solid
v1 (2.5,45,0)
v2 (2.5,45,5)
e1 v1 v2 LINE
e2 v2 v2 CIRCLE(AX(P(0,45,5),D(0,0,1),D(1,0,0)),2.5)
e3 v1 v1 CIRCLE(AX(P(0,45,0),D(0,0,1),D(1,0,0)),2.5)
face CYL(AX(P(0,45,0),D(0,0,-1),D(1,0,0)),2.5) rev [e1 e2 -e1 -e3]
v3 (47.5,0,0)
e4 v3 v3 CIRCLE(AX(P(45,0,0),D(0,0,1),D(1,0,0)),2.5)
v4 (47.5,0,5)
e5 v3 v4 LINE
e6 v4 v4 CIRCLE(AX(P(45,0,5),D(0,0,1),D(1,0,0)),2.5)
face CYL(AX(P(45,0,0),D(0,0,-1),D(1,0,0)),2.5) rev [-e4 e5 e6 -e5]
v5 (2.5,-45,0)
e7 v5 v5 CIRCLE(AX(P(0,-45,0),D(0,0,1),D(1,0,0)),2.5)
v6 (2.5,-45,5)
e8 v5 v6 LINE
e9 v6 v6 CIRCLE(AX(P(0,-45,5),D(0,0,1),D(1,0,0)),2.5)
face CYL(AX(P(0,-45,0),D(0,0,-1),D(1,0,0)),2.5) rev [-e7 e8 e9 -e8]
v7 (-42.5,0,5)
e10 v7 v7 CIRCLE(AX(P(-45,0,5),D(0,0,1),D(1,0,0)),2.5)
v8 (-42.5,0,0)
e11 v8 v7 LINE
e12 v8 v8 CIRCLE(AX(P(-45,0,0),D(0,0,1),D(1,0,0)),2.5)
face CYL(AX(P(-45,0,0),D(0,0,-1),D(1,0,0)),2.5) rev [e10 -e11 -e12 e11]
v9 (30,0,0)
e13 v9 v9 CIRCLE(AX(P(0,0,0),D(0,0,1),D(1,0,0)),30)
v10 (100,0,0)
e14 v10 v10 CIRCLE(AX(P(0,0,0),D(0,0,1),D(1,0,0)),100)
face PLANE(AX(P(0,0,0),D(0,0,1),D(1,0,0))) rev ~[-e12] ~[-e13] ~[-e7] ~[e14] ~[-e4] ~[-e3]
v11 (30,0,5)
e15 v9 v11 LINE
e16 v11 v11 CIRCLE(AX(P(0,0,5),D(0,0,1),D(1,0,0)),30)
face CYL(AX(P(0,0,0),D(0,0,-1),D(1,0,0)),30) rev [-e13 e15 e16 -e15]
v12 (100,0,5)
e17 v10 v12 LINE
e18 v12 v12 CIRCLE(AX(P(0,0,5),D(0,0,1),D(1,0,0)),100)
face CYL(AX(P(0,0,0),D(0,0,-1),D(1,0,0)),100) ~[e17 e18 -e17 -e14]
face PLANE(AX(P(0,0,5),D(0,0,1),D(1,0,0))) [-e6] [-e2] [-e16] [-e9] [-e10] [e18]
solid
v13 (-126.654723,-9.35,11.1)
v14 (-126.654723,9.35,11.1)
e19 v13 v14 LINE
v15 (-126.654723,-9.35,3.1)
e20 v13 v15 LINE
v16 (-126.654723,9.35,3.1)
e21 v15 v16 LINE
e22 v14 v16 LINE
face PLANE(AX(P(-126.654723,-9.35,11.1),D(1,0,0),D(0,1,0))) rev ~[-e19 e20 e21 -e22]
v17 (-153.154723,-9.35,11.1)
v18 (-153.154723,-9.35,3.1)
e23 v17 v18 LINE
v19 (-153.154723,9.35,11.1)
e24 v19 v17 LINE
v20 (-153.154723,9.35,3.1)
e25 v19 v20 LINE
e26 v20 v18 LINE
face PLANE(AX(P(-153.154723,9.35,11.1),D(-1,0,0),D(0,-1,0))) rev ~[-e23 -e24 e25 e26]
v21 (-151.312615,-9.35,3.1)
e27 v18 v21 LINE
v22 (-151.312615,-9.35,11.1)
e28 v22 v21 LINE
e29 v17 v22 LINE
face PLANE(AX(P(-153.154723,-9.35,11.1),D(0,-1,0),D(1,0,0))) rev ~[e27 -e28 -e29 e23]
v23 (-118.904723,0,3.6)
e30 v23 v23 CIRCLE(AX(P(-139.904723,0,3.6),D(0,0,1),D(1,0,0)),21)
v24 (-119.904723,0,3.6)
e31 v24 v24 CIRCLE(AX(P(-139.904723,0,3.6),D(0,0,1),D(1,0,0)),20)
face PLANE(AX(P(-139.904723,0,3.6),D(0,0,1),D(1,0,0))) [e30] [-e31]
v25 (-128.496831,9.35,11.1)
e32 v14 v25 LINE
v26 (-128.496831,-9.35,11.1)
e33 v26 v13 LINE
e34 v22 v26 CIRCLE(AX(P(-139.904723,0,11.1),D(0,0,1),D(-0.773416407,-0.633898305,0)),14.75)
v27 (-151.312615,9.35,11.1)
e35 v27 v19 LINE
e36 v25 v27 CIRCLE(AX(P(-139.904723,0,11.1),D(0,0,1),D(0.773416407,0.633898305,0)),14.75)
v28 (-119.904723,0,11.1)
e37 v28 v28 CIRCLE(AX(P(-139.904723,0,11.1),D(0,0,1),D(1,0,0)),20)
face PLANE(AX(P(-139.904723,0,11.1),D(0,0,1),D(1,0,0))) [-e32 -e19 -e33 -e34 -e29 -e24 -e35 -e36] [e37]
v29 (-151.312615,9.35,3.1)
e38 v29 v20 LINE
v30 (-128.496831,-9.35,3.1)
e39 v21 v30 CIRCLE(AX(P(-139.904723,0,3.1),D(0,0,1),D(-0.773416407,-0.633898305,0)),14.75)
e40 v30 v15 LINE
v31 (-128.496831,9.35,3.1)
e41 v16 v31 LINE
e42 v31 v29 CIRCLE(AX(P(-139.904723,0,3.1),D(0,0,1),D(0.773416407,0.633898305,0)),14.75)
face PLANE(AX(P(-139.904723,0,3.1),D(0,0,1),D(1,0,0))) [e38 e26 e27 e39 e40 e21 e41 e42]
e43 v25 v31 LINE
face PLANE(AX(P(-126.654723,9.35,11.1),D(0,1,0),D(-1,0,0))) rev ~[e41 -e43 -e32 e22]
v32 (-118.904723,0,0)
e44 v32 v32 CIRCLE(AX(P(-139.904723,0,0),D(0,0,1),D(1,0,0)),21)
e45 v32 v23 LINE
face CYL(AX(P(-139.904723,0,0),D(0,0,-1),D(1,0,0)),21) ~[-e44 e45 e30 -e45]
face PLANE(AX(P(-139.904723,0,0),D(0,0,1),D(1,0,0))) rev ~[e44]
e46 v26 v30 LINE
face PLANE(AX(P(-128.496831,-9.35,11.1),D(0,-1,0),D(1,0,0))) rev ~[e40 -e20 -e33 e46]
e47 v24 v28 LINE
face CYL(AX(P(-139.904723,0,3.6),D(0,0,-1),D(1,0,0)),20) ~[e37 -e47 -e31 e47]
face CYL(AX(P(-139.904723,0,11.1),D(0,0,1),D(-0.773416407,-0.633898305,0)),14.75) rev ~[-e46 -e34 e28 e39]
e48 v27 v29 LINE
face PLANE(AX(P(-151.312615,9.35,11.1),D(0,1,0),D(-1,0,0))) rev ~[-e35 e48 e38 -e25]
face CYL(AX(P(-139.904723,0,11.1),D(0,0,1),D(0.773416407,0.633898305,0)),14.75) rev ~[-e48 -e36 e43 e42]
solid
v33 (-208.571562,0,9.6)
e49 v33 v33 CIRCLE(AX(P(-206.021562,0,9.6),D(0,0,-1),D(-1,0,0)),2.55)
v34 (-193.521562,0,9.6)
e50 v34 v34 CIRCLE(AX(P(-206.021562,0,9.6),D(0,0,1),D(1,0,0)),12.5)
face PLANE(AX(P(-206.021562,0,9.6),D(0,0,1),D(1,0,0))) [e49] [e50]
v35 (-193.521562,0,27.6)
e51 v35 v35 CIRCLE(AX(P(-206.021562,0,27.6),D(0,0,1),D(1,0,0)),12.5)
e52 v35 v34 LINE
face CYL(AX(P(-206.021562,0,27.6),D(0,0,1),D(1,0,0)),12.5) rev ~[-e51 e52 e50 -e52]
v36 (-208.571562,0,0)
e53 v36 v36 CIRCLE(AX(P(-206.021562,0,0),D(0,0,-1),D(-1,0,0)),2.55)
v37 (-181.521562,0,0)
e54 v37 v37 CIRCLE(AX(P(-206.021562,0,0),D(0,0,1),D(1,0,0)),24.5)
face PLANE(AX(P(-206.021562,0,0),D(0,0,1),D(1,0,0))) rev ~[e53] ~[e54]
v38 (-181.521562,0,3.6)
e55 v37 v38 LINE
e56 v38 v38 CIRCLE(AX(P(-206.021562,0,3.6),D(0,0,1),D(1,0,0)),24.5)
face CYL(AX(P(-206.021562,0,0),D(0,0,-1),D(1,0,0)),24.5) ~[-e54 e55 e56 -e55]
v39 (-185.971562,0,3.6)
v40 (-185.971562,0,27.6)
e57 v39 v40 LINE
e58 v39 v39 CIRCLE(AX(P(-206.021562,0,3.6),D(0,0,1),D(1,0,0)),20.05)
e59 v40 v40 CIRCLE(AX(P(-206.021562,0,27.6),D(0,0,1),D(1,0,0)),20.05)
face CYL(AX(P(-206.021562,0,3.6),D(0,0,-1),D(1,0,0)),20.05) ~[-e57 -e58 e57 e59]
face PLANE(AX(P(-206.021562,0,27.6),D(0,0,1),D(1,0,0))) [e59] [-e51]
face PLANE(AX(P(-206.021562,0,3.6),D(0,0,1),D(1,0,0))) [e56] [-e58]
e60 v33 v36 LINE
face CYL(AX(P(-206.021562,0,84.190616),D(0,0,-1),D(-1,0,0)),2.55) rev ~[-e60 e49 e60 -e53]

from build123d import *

# Parameters (mm, degrees)
F0_R      = 100
F0_R_2    = 2.5
F0_R_3    = 30
F1_DEPTH  = 5
F2_R      = 24.5
F3_DEPTH  = 3.6
F4_R      = 20.05
F5_DEPTH  = 24
F6_R      = 12.5
F7_DEPTH  = 18
F9_D      = 5.1
F10_R     = 21
F11_DEPTH = 3.6
F12_R     = 20
F13_DEPTH = 7.5
F15_DEPTH = 8


with BuildPart() as f1:
    # F0 (on Top) → F1 (new body)
    with BuildSketch(Plane.XY):
        Circle(F0_R)
        with Locations((0, -45)):
            Circle(F0_R_2, mode=Mode.SUBTRACT)
        with Locations((-45, 0)):
            Circle(F0_R_2, mode=Mode.SUBTRACT)
        Circle(F0_R_3, mode=Mode.SUBTRACT)
        with Locations((45, 0)):
            Circle(F0_R_2, mode=Mode.SUBTRACT)
        with Locations((0, 45)):
            Circle(F0_R_2, mode=Mode.SUBTRACT)
    extrude(amount=F1_DEPTH)


with BuildPart() as f3:
    # F2 (on Top) → F3 (new body)
    with BuildSketch(Plane.XY):
        with Locations((-206.021562, 0)):
            Circle(F2_R)
    extrude(amount=F3_DEPTH)

    # F4 (on face) → F5 (join)
    with BuildSketch(Plane.XY.offset(3.6)):
        with Locations((-206.021562, 0)):
            Circle(F4_R)
    extrude(amount=F5_DEPTH)

    # F6 (on face) → F7 (cut)
    with BuildSketch(Plane.XY.offset(27.6)):
        with Locations((-206.021562, 0)):
            Circle(F6_R)
    extrude(amount=-F7_DEPTH, mode=Mode.SUBTRACT)

    # F9 (through all)
    with Locations(Plane.XY.offset(9.6)):
        with Locations((-206.021562, 0)):
            Hole(F9_D / 2)


with BuildPart() as f11:
    # F10 (on Top) → F11 (new body)
    with BuildSketch(Plane.XY):
        with Locations((-139.904723, 0)):
            Circle(F10_R)
    extrude(amount=F11_DEPTH)

    # F12 (on face) → F13 (join)
    with BuildSketch(Plane.XY.offset(3.6)):
        with Locations((-139.904723, 0)):
            Circle(F12_R)
    extrude(amount=F13_DEPTH)

    # F14 (on face) → F15 (cut)
    with BuildSketch(Plane.XY.offset(11.1)):
        with BuildLine():
            Line((-126.654723, 9.35), (-128.496831, 9.35))
            ThreePointArc((-128.496831, 9.35), (-139.904723, 14.75), (-151.312615, 9.35))
            Line((-151.312615, 9.35), (-153.154723, 9.35))
            Line((-153.154723, 9.35), (-153.154723, 6.480741))
            Line((-153.154723, 6.480741), (-153.154723, -6.480741))
            Line((-153.154723, -6.480741), (-153.154723, -9.35))
            Line((-153.154723, -9.35), (-151.312615, -9.35))
            ThreePointArc((-151.312615, -9.35), (-139.904723, -14.75), (-128.496831, -9.35))
            Line((-128.496831, -9.35), (-126.654723, -9.35))
            Line((-126.654723, -9.35), (-126.654723, -6.480741))
            Line((-126.654723, -6.480741), (-126.654723, 6.480741))
            Line((-126.654723, 6.480741), (-126.654723, 9.35))
        make_face()
    extrude(amount=-F15_DEPTH, mode=Mode.SUBTRACT)


with BuildPart() as f16_1:
    # F16: copy of F11
    add(f11.part)


solid = Compound([f1.part, f3.part, f11.part])
